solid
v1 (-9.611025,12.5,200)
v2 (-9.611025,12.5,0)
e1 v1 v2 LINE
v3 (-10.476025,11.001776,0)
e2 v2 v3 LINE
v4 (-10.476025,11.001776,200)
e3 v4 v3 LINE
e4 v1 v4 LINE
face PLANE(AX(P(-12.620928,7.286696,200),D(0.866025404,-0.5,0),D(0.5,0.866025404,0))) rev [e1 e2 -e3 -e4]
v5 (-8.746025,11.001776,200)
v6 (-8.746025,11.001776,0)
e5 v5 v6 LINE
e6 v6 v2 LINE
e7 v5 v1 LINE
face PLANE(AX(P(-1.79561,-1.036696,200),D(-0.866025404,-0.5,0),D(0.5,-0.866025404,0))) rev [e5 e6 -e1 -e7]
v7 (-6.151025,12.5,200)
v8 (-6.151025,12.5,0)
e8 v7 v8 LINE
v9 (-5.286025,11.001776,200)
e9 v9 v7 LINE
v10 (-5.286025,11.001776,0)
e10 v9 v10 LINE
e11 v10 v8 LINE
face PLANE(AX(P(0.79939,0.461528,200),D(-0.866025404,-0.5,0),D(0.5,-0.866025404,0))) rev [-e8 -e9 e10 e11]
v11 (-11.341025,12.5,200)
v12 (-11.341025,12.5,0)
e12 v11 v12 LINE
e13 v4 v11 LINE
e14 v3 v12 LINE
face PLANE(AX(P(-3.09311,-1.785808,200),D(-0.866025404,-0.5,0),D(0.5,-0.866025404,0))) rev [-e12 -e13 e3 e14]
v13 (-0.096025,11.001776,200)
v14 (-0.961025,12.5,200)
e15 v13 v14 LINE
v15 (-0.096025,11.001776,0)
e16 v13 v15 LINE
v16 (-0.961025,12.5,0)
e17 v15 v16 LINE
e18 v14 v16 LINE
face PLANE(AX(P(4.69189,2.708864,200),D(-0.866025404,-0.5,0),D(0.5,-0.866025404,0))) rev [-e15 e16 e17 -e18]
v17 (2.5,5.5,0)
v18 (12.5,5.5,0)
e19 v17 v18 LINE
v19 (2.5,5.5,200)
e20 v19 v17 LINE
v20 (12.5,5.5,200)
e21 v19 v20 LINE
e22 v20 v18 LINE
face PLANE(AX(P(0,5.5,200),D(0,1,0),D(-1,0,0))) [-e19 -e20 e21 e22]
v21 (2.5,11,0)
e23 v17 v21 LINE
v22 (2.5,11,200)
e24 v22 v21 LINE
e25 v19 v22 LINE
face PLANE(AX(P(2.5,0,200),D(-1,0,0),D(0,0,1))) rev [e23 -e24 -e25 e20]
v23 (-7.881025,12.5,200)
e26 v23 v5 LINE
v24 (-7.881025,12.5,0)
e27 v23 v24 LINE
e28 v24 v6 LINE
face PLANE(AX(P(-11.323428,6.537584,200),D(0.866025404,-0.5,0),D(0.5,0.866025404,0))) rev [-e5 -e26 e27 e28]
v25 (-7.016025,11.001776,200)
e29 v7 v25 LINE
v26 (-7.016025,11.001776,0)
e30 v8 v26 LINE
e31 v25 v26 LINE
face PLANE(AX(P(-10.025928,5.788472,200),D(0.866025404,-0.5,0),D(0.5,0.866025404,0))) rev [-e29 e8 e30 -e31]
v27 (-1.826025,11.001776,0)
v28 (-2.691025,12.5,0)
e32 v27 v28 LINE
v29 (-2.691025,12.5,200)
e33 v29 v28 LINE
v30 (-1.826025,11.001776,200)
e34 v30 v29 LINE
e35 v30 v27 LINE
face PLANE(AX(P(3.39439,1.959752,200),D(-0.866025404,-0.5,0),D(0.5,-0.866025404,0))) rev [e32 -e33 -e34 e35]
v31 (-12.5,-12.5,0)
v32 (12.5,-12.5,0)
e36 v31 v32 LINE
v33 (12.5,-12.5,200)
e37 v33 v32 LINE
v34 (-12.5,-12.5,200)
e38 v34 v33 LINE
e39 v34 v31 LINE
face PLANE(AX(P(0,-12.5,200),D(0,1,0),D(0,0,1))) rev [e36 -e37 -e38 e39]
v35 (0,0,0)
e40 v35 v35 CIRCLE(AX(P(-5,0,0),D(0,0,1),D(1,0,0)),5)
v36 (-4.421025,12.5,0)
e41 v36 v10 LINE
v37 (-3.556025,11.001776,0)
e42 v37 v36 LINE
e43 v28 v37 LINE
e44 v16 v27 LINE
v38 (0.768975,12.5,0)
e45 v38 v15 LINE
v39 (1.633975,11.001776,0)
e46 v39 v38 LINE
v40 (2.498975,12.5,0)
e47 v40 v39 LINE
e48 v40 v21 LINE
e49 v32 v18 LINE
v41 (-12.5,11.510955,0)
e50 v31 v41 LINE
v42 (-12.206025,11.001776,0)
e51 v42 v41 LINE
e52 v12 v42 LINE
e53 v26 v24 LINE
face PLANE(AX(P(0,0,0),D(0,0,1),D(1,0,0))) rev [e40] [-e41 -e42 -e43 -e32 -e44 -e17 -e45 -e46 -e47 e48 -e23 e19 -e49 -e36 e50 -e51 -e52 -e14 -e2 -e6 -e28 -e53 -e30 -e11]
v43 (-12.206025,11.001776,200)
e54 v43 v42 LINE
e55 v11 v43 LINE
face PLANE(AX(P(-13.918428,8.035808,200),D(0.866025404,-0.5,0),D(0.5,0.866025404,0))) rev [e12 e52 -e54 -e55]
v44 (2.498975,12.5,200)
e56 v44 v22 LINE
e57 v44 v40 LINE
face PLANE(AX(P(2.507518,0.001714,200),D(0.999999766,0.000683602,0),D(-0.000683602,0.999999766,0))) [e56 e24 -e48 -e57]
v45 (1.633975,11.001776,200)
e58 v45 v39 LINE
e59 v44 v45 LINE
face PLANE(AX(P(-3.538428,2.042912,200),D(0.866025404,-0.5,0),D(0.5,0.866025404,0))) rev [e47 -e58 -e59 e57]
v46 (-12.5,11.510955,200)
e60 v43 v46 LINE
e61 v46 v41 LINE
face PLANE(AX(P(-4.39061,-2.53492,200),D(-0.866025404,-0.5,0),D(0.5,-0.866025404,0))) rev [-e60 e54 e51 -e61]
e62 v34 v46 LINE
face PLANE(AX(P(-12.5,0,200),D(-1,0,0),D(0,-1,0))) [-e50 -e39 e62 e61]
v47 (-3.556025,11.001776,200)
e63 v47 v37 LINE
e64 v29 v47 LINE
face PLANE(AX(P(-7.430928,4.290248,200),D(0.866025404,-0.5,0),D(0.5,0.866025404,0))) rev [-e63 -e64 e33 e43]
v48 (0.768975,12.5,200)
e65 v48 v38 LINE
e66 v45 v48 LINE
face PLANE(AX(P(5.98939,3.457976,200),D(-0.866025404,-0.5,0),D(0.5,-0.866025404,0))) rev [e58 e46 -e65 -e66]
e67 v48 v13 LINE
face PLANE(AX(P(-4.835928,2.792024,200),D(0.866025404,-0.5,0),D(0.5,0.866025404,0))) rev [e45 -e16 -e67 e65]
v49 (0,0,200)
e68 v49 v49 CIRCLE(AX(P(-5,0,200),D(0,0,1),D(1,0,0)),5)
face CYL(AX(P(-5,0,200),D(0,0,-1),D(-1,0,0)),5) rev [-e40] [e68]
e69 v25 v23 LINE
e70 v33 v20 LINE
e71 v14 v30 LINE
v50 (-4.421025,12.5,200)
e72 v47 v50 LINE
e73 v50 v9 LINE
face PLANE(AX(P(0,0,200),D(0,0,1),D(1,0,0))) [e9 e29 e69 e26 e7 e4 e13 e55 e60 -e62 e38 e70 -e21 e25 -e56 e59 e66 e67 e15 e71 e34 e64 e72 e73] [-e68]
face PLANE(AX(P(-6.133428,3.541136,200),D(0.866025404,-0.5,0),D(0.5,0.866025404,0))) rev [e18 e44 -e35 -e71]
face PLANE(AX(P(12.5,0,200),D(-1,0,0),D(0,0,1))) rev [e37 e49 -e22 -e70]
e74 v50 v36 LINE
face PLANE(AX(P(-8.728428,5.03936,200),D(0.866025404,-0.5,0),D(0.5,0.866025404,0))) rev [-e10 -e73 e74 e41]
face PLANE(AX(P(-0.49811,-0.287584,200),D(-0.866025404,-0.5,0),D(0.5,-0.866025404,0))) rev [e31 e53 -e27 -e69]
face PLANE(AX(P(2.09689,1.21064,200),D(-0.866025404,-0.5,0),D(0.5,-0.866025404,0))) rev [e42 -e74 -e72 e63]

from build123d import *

# Parameters (mm, degrees)
SKETCH1_R           = 5
BOSS_EXTRUDE1_DEPTH = 200


with BuildPart() as part:
    # Sketch1 → Boss-Extrude1 (new body)
    with BuildSketch(Plane.XY):
        Polygon((-12.5, 11.510954988), (-12.5, -12.5), (12.5, -12.5), (12.5, 5.5), (2.5, 5.5), (2.5, 11), (2.498974596, 12.5), (1.633974596, 11.001776051), (0.768974596, 12.5), (-0.096025404, 11.001776051), (-0.961025404, 12.5), (-1.826025404, 11.001776051), (-2.691025404, 12.5), (-3.556025404, 11.001776051), (-4.421025404, 12.5), (-5.286025404, 11.001776051), (-6.151025404, 12.5), (-7.016025404, 11.001776051), (-7.881025404, 12.5), (-8.746025404, 11.001776051), (-9.611025404, 12.5), (-10.476025404, 11.001776051), (-11.341025404, 12.5), (-11.557275404, 12.125444013), (-11.85125, 11.616265076), (-12.206025404, 11.001776051), align=None)
        with Locations((-5, 0)):
            Circle(SKETCH1_R, mode=Mode.SUBTRACT)
    extrude(amount=BOSS_EXTRUDE1_DEPTH)


solid = part.part
